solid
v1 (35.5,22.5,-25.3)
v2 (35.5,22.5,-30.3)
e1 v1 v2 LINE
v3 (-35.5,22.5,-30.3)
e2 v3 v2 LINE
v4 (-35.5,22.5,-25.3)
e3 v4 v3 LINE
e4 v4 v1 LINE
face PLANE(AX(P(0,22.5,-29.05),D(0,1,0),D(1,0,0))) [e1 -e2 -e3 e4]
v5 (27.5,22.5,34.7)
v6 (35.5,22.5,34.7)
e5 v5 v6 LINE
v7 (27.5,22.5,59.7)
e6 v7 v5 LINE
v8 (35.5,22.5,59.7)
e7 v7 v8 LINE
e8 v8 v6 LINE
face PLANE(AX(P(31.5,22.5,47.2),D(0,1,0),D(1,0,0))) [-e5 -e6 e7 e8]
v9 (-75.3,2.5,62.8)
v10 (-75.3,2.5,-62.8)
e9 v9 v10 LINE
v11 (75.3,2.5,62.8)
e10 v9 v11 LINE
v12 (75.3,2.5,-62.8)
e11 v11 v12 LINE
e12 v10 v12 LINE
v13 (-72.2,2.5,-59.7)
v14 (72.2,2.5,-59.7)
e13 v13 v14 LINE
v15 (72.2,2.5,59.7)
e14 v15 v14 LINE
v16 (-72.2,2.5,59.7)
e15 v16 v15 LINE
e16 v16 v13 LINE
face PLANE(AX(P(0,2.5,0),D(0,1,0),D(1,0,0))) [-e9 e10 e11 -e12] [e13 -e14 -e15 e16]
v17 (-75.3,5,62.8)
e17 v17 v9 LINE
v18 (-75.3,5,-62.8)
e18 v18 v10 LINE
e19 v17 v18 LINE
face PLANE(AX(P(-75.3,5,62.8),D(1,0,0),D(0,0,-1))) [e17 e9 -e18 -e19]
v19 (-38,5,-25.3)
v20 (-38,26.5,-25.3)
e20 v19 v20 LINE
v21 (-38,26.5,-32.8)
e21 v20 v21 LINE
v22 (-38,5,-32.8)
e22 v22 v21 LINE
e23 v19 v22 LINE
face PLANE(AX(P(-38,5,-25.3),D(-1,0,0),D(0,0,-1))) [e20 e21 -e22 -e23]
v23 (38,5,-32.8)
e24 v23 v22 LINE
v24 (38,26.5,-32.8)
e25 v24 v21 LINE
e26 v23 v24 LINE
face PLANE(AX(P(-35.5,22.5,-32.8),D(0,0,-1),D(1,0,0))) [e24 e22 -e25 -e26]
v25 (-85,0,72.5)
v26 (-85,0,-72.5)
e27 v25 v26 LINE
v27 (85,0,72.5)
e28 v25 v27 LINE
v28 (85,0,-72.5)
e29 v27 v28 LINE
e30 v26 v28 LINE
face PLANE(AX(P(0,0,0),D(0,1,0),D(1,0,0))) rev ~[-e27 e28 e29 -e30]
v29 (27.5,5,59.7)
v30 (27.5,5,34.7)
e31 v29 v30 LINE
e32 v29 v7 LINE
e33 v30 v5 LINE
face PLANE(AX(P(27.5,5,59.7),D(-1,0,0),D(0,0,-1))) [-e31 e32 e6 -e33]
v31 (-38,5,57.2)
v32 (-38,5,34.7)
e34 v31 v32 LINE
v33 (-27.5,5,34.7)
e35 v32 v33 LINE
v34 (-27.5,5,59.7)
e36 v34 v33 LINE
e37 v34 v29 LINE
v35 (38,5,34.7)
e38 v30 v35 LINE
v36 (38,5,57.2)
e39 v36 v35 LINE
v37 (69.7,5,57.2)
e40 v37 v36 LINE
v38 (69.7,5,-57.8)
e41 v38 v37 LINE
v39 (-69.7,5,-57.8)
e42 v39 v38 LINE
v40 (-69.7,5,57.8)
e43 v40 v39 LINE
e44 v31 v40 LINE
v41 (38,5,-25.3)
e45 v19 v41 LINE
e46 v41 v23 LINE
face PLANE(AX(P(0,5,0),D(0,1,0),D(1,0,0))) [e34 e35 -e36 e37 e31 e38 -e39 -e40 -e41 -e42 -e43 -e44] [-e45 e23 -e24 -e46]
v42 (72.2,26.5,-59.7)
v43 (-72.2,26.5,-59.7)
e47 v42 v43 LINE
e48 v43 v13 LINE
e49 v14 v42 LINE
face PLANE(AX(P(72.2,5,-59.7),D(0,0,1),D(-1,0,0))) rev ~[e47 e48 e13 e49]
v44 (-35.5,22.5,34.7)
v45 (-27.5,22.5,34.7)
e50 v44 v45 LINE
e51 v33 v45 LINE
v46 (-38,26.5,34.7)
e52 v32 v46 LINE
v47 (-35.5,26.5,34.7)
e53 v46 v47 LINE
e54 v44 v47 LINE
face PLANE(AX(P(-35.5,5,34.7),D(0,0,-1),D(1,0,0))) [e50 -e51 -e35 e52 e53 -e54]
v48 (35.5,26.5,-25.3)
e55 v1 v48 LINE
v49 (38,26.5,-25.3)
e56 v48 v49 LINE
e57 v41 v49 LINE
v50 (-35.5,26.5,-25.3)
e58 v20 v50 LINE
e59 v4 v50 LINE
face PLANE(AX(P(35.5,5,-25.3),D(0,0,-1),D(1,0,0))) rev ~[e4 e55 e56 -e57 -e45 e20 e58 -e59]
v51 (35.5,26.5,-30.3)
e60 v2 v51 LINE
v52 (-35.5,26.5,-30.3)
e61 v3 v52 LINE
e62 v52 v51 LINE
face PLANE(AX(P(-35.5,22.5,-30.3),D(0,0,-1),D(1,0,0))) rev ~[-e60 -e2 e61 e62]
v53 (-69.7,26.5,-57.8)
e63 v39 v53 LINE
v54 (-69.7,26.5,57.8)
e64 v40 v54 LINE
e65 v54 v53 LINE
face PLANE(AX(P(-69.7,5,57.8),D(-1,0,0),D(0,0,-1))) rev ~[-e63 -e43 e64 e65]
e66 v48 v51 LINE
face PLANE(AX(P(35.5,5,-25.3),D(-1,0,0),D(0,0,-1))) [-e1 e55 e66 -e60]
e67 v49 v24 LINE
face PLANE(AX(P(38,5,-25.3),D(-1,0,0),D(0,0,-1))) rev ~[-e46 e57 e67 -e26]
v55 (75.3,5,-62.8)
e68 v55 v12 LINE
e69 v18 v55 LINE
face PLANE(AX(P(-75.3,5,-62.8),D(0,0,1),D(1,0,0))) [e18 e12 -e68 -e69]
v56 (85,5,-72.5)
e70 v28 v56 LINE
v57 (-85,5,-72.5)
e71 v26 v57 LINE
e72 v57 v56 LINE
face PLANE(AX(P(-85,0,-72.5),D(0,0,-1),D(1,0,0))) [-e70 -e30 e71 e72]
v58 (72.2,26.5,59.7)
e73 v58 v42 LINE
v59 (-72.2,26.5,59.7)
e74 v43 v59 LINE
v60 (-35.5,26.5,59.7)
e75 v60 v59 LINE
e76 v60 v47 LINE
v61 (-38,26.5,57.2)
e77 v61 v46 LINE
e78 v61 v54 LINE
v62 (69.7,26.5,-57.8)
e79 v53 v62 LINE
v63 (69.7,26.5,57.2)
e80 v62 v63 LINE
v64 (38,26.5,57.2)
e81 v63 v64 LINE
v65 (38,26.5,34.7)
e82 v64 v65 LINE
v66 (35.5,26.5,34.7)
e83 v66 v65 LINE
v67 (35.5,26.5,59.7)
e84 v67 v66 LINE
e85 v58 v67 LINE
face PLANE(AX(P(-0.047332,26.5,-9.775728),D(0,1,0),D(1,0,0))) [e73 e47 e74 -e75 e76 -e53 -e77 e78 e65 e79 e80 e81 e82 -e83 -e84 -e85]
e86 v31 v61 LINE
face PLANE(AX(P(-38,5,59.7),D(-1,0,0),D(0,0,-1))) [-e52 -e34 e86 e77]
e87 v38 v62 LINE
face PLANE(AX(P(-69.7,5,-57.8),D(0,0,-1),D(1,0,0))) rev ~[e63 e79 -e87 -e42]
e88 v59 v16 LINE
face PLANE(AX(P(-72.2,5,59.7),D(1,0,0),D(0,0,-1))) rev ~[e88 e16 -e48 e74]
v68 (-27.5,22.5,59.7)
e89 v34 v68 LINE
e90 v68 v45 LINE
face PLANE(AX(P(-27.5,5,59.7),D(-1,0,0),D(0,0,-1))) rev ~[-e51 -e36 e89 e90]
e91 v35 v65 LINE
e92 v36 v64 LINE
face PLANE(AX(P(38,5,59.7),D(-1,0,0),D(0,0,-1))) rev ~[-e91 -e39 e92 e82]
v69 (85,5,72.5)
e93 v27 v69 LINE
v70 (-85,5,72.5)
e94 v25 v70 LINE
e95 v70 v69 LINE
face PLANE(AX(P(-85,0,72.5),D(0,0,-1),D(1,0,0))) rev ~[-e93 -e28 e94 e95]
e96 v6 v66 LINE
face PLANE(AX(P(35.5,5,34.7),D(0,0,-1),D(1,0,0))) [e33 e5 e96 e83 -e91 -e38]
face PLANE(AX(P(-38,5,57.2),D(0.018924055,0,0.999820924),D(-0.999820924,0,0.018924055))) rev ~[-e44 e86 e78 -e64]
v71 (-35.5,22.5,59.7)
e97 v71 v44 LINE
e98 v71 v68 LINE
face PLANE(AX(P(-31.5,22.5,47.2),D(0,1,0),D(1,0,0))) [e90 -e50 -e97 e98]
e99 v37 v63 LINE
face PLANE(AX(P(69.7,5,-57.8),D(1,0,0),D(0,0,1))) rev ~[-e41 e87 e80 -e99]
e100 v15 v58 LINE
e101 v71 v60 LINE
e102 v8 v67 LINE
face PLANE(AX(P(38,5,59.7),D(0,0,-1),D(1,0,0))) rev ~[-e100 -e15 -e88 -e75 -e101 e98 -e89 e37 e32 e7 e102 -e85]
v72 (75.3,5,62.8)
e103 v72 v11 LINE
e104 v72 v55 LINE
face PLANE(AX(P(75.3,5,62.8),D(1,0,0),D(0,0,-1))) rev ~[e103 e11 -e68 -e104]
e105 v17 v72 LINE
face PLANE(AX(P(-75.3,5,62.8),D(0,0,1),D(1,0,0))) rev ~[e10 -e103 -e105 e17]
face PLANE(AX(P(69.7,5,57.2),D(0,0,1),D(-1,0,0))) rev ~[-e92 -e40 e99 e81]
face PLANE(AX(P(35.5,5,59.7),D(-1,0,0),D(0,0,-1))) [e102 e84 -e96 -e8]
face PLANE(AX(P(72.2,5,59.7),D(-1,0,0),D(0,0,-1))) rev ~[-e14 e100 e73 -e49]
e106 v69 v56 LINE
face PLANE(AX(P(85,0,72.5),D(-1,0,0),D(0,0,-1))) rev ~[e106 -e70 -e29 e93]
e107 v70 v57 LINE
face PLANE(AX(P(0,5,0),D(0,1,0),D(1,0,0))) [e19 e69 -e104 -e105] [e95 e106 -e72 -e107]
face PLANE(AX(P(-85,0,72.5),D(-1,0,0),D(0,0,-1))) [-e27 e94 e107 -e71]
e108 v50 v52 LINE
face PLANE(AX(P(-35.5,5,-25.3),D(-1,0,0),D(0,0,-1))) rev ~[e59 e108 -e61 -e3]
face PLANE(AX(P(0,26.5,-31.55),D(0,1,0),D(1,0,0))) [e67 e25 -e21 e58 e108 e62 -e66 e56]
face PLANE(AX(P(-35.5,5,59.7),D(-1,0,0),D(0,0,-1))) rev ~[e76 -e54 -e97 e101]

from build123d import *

# Parameters (mm, degrees)
SKETCH1_W           = 170
SKETCH1_H           = 145
BOSS_EXTRUDE1_DEPTH = 5
SKETCH2_W           = 150.6
SKETCH2_H           = 125.6
SKETCH2_W_2         = 144.4
SKETCH2_H_2         = 119.4
CUT_EXTRUDE1_DEPTH  = 2.5
SKETCH5_W           = 71
SKETCH5_H           = 7.5
SKETCH5_W_2         = 8
SKETCH5_H_2         = 25
BOSS_EXTRUDE2_DEPTH = 17.5
SKETCH6_W           = 2.5
SKETCH6_H           = 7.5
SKETCH6_H_2         = 25
BOSS_EXTRUDE3_DEPTH = 21.5
SKETCH7_W           = 71
SKETCH7_H           = 2.5
BOSS_EXTRUDE4_DEPTH = 4
BOSS_EXTRUDE6_DEPTH = 21.5


with BuildPart() as part:
    # Sketch1 → Boss-Extrude1 (new body)
    with BuildSketch(Plane(origin=(0, 0, 0), x_dir=(1, 0, 0), z_dir=(0, 1, 0))):
        Rectangle(SKETCH1_W, SKETCH1_H)
    extrude(amount=BOSS_EXTRUDE1_DEPTH)

    # Sketch2 → Cut-Extrude1 (cut)
    with BuildSketch(Plane(origin=(0, 5, 0), x_dir=(1, 0, 0), z_dir=(0, 1, 0))):
        Rectangle(SKETCH2_W, SKETCH2_H)
        Rectangle(SKETCH2_W_2, SKETCH2_H_2, mode=Mode.SUBTRACT)
    extrude(amount=-CUT_EXTRUDE1_DEPTH, mode=Mode.SUBTRACT)

    # Sketch5 → Boss-Extrude2 (add)
    with BuildSketch(Plane(origin=(0, 5, 0), x_dir=(1, 0, 0), z_dir=(0, 1, 0))):
        with Locations((0, 29.05)):
            Rectangle(SKETCH5_W, SKETCH5_H)
        with Locations((-31.5, -47.2)):
            Rectangle(SKETCH5_W_2, SKETCH5_H_2)
        with Locations((31.5, -47.2)):
            Rectangle(SKETCH5_W_2, SKETCH5_H_2)
    extrude(amount=BOSS_EXTRUDE2_DEPTH)

    # Sketch6 → Boss-Extrude3 (add)
    with BuildSketch(Plane(origin=(0, 5, 0), x_dir=(1, 0, 0), z_dir=(0, 1, 0))):
        with Locations((36.75, 29.05)):
            Rectangle(SKETCH6_W, SKETCH6_H)
        with Locations((-36.75, 29.05)):
            Rectangle(SKETCH6_W, SKETCH6_H)
        with Locations((36.75, -47.2)):
            Rectangle(SKETCH6_W, SKETCH6_H_2)
        with Locations((-36.75, -47.2)):
            Rectangle(SKETCH6_W, SKETCH6_H_2)
    extrude(amount=BOSS_EXTRUDE3_DEPTH)

    # Sketch7 → Boss-Extrude4 (add)
    with BuildSketch(Plane(origin=(0, 22.5, 0), x_dir=(1, 0, 0), z_dir=(0, 1, 0))):
        with Locations((0, 31.55)):
            Rectangle(SKETCH7_W, SKETCH7_H)
    extrude(amount=BOSS_EXTRUDE4_DEPTH)

    # Sketch9 → Boss-Extrude6 (add)
    with BuildSketch(Plane(origin=(0, 5, 0), x_dir=(1, 0, 0), z_dir=(0, 1, 0))):
        Polygon((38, -59.7), (72.2, -59.7), (72.2, -57.8), (72.2, 57.8), (72.2, 59.7), (-72.2, 59.7), (-72.2, 57.8), (-72.2, -57.8), (-72.2, -59.7), (-38, -59.7), (-38, -57.2), (-69.7, -57.8), (-69.7, 57.8), (69.7, 57.8), (69.7, -57.2), (38, -57.2), align=None)
    extrude(amount=BOSS_EXTRUDE6_DEPTH)


solid = part.part
